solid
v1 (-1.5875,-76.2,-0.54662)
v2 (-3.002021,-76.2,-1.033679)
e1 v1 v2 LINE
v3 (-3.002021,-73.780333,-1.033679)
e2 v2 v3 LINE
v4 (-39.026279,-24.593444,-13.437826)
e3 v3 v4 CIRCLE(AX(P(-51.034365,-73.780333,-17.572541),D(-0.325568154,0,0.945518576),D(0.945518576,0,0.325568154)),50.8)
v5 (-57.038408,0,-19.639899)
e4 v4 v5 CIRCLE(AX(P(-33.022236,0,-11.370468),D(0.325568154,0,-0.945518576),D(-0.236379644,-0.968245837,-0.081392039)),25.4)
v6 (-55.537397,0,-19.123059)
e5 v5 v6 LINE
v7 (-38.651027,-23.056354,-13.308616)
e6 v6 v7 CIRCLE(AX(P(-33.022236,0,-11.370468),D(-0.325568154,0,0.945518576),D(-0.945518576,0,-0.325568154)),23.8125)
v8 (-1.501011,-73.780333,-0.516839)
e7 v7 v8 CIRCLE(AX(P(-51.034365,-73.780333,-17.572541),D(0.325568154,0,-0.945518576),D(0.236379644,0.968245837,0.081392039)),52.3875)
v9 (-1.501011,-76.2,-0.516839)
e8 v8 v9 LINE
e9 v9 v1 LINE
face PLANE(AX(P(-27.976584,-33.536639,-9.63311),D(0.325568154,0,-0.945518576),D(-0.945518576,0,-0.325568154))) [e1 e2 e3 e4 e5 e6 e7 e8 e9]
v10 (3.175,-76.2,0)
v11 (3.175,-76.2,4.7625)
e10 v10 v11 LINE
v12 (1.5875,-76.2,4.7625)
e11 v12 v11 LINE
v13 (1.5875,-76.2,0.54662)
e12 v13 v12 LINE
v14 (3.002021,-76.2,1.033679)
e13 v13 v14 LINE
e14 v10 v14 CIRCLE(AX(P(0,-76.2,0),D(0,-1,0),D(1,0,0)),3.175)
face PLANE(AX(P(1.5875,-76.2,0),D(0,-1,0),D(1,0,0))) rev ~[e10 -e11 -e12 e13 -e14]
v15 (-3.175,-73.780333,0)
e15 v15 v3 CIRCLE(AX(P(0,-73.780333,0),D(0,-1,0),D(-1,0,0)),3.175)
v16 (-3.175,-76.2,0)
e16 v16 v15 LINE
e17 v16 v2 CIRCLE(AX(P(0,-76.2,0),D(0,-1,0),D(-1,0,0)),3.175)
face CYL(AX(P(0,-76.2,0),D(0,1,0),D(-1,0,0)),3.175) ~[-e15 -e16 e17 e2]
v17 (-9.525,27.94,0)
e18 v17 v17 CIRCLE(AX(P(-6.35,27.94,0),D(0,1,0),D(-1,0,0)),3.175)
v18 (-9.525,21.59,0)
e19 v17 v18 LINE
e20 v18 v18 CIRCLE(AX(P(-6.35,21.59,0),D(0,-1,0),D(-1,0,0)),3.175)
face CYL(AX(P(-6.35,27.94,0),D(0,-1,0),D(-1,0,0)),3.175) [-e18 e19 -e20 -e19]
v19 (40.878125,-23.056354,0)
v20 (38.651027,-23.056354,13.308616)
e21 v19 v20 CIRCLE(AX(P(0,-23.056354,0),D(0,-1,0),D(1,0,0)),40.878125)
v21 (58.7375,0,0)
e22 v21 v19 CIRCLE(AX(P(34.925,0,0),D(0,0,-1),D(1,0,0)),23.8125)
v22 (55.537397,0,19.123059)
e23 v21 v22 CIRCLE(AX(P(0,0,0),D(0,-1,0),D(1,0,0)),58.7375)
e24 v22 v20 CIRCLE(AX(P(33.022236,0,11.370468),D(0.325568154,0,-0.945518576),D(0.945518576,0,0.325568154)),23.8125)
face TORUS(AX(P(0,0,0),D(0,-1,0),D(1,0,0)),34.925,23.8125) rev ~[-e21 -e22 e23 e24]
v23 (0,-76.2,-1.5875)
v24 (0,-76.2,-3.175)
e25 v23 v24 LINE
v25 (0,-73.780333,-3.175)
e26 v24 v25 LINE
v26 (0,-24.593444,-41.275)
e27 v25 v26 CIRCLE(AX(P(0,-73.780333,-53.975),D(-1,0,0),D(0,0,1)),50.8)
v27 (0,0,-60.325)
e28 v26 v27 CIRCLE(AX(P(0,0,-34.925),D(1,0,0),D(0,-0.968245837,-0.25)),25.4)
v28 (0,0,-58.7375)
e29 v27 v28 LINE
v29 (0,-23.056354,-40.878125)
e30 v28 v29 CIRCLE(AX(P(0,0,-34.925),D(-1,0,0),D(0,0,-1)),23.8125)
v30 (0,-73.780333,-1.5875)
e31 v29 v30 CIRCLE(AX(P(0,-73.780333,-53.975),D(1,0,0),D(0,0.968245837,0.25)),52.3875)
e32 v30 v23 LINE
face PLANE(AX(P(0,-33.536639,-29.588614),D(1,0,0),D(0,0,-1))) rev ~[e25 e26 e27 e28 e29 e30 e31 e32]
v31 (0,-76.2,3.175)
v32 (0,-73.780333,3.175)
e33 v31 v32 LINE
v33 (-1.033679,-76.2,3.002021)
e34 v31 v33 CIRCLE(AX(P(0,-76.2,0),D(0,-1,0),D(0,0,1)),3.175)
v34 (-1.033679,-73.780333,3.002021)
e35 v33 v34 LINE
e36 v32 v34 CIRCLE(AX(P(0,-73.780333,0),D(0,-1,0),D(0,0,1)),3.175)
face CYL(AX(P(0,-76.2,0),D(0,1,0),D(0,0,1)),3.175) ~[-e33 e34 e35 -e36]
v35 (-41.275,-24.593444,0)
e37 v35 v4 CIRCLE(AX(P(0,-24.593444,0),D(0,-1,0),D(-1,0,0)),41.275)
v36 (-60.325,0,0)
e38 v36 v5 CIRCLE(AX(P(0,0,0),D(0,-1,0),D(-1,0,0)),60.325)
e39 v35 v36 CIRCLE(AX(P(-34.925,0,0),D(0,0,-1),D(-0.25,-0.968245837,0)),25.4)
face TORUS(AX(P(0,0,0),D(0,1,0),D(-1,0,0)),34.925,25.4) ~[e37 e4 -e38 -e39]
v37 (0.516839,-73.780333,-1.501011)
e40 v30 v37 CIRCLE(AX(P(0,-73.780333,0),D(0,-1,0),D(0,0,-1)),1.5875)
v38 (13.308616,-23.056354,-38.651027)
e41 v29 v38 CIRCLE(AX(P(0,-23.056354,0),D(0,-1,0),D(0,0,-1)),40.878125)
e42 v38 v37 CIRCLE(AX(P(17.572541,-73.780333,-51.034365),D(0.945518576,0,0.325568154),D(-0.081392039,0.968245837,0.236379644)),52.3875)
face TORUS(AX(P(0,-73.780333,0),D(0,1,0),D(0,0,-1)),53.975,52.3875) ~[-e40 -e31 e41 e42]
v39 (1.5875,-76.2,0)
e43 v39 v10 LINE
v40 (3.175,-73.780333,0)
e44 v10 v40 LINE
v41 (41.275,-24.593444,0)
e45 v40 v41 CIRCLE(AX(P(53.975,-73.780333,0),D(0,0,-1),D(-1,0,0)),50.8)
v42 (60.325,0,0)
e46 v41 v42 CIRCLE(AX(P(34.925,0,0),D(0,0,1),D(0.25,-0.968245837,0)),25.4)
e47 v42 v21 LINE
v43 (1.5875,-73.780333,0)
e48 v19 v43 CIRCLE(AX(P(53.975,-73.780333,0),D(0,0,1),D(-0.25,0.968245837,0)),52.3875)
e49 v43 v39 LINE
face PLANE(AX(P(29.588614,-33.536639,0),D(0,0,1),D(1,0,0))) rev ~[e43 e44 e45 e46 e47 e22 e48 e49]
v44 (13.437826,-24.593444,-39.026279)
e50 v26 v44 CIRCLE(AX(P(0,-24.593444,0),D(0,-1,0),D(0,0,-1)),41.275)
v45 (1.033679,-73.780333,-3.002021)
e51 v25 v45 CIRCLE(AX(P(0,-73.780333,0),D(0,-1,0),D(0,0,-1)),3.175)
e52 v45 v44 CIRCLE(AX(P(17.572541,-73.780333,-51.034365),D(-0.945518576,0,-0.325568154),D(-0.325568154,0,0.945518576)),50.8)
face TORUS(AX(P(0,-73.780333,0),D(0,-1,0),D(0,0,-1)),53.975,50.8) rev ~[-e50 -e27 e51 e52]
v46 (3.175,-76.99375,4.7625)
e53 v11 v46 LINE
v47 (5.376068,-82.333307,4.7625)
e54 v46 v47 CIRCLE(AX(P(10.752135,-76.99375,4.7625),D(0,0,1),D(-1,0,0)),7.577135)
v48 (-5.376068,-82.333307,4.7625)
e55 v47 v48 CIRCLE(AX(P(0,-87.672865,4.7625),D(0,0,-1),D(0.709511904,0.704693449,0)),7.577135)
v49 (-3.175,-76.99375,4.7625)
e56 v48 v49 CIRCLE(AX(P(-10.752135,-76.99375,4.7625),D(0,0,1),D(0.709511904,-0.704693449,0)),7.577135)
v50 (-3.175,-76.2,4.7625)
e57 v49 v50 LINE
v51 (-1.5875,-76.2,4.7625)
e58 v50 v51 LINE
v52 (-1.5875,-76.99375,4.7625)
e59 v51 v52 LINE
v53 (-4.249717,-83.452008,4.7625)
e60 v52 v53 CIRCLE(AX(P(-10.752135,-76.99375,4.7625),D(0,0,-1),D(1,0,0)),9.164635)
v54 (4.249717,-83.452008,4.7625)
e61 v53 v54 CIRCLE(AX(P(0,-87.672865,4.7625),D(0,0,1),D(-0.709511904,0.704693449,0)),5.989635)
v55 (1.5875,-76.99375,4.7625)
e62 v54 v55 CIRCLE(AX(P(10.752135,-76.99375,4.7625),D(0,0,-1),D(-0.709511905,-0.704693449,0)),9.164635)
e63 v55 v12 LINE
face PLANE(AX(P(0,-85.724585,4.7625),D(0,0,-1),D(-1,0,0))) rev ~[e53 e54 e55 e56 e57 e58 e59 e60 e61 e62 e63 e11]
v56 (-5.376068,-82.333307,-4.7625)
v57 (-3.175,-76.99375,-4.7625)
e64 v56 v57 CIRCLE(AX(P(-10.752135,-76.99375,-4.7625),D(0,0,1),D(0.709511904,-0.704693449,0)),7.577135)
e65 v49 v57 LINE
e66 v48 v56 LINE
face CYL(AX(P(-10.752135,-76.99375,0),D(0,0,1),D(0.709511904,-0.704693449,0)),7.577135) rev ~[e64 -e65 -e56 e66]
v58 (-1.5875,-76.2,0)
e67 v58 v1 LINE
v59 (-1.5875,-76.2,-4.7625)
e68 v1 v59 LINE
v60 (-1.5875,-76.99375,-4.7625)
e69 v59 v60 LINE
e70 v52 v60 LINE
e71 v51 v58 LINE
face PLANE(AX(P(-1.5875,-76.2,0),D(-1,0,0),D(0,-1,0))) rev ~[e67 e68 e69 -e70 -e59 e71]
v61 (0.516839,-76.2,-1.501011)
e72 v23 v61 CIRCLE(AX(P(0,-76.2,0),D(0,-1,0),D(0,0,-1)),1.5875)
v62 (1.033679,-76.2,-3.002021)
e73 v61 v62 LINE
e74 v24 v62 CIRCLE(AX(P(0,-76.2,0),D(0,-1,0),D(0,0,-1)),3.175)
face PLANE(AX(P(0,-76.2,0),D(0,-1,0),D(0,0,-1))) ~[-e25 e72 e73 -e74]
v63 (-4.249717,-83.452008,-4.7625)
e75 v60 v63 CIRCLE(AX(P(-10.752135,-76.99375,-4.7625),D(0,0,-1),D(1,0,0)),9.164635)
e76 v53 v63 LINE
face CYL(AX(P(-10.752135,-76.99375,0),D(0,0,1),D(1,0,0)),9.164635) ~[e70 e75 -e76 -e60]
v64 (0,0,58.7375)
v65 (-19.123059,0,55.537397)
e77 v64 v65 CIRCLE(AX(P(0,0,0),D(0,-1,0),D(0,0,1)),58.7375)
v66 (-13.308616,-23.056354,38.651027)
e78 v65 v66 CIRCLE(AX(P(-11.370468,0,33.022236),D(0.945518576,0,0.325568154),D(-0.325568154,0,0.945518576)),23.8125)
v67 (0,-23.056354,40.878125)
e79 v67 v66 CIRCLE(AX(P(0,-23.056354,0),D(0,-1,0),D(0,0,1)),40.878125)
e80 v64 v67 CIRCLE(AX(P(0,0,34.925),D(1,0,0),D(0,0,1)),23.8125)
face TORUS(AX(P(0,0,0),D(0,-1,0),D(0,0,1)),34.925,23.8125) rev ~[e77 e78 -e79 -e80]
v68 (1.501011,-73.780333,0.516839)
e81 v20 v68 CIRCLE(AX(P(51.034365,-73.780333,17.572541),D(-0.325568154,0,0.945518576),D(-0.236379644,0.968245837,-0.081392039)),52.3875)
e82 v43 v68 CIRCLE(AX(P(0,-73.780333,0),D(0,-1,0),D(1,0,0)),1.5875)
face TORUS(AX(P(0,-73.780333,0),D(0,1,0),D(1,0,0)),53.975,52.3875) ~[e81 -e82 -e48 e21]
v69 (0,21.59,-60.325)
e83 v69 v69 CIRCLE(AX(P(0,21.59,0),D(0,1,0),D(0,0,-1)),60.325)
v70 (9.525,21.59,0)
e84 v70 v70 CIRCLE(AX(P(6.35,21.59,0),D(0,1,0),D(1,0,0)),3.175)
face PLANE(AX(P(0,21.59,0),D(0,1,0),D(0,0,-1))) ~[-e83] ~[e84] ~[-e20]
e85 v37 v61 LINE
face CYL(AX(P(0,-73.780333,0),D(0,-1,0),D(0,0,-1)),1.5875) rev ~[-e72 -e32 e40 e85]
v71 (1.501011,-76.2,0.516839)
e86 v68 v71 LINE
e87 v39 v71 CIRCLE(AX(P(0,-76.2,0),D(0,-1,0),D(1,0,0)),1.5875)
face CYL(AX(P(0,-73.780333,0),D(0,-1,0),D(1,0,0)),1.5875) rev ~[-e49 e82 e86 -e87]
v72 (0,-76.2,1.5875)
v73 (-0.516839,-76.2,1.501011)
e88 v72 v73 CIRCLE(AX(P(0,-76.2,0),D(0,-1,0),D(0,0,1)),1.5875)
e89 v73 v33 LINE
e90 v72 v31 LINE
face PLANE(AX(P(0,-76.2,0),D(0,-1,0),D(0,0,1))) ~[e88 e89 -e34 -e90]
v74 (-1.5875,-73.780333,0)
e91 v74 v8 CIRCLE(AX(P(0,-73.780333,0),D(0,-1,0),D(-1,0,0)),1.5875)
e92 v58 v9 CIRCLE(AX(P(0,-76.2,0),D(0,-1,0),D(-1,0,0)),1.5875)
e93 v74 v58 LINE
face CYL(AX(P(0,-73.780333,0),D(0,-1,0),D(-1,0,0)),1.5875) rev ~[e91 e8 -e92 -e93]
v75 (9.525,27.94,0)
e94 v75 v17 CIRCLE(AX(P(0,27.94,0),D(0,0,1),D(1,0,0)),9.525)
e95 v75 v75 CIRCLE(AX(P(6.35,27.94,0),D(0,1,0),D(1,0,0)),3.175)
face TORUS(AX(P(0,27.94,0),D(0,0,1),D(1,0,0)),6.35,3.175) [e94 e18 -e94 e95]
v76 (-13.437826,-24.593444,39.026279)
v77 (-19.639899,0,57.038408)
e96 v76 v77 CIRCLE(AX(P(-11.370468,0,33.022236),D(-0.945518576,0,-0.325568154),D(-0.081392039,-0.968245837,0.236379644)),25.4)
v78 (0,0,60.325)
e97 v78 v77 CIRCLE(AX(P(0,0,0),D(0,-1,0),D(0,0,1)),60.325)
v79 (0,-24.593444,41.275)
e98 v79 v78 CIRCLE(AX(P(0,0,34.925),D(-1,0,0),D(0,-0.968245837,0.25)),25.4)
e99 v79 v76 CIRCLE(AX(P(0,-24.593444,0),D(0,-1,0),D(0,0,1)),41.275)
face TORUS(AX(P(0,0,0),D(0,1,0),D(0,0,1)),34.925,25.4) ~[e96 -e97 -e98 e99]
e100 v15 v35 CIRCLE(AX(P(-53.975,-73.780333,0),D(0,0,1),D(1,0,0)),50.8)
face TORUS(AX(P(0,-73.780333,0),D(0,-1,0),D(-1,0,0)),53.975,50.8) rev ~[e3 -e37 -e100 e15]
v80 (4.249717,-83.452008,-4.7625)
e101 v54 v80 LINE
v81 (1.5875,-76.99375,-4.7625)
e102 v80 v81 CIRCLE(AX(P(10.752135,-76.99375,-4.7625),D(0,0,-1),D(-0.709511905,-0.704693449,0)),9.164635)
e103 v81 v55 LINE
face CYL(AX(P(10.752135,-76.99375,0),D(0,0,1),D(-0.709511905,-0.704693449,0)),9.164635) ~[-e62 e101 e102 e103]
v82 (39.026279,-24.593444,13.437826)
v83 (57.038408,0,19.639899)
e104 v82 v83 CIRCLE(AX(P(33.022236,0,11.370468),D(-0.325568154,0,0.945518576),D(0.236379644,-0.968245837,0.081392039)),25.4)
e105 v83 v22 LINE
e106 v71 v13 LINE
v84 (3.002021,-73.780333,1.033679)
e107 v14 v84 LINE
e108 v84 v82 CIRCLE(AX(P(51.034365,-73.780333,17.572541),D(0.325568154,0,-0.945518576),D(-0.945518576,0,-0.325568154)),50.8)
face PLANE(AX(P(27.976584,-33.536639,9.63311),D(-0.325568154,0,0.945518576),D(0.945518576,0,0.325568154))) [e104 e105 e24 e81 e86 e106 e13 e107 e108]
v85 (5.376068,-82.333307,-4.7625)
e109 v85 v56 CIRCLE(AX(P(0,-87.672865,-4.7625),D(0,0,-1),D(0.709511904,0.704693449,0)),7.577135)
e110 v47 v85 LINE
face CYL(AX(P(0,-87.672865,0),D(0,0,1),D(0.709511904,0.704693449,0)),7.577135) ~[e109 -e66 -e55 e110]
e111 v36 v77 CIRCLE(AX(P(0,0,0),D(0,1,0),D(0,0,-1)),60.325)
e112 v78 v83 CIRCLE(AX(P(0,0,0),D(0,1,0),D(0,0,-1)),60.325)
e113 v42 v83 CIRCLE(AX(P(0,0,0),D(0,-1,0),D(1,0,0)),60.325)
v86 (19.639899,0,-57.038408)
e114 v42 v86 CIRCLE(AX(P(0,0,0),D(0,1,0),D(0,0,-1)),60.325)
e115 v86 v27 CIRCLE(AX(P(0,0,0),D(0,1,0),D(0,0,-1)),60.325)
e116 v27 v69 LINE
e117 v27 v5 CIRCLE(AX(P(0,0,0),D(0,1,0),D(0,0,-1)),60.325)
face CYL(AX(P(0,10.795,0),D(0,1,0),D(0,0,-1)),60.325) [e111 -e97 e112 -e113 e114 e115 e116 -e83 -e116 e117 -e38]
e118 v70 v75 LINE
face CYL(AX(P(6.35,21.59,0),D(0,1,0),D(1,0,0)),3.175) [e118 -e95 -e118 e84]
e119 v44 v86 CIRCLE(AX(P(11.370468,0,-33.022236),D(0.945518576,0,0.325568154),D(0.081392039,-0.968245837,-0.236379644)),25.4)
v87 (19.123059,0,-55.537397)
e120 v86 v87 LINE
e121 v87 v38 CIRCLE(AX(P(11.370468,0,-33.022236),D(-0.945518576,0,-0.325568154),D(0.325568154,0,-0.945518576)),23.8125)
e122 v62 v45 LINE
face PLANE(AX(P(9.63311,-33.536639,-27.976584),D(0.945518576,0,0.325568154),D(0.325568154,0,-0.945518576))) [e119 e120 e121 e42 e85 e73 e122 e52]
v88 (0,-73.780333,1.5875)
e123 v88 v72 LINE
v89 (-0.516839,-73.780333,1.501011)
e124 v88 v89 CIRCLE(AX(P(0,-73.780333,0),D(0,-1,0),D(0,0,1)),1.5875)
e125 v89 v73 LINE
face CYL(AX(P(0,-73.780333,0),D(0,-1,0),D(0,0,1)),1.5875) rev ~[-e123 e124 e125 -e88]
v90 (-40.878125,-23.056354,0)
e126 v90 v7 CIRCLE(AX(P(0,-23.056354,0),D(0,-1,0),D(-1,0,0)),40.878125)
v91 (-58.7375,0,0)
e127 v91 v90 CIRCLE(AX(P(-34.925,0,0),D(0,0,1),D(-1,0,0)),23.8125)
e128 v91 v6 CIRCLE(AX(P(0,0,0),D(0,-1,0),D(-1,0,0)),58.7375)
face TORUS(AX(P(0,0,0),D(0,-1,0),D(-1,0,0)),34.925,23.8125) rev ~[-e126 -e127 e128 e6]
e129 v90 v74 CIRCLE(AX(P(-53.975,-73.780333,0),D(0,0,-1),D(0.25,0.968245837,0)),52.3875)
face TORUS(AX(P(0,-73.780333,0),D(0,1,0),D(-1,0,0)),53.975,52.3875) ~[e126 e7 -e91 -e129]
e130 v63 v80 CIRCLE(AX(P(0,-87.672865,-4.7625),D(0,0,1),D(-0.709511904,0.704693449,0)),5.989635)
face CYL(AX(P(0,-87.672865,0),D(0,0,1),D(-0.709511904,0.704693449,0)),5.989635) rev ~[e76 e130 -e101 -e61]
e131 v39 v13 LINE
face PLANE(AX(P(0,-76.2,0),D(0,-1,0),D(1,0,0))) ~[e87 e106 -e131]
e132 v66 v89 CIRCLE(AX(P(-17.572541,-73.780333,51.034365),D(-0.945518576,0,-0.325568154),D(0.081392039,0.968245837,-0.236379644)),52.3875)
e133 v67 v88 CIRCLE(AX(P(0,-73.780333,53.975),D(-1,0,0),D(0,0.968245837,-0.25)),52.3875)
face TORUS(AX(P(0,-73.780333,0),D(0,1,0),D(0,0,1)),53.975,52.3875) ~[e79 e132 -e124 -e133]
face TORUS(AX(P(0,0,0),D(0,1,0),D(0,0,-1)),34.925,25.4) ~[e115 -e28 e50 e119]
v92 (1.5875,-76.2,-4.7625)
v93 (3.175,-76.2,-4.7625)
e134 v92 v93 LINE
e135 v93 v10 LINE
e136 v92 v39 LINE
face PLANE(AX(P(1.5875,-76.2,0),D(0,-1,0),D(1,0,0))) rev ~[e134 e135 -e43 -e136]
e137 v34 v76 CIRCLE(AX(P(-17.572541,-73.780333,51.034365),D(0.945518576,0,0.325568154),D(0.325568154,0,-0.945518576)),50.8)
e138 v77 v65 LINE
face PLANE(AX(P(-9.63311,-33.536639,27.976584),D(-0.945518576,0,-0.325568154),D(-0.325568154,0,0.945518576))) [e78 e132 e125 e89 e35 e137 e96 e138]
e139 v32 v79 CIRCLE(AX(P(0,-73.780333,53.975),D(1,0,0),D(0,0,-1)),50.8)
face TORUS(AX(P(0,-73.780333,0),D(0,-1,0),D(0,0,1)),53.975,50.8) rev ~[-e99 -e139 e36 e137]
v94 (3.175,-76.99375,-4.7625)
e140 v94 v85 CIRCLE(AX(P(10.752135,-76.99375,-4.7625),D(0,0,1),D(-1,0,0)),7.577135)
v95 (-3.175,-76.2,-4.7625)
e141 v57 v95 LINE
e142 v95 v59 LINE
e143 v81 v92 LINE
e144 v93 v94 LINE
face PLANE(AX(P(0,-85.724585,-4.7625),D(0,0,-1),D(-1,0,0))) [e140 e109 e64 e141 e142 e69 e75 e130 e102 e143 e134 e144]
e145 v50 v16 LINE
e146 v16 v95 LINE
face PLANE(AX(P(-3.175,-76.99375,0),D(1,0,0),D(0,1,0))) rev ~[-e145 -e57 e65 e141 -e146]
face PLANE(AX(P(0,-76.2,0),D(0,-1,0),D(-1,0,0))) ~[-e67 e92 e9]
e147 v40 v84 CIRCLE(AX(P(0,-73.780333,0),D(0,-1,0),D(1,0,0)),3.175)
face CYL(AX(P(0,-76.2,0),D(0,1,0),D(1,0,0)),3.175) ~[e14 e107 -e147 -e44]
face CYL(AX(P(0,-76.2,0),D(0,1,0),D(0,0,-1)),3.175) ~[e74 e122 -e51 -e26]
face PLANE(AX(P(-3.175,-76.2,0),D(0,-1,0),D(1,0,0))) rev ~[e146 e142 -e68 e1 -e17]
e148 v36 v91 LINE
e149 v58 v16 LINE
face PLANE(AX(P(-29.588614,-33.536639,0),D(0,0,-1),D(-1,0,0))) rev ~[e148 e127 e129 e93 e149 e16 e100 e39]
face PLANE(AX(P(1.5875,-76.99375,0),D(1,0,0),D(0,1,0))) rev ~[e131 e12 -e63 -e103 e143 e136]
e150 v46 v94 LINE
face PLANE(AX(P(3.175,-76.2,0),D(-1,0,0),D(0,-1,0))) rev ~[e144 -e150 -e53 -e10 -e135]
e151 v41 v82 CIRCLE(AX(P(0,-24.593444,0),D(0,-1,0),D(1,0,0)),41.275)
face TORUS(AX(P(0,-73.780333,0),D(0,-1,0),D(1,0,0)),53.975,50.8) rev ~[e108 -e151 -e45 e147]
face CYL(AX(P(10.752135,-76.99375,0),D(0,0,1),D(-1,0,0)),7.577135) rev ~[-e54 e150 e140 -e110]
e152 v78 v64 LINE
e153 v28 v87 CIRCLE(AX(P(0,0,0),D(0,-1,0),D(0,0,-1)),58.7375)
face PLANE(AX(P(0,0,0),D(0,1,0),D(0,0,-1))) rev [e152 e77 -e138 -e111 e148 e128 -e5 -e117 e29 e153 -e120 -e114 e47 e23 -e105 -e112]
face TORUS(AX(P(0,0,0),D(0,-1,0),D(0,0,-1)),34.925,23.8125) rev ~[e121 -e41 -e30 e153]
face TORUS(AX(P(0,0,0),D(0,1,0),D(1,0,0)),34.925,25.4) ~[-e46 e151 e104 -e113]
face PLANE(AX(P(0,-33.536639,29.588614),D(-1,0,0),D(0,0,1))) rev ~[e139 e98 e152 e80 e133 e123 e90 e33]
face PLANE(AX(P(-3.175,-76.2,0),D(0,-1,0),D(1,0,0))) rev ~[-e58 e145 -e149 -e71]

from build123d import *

# Parameters (mm, degrees)
SKETCH1_W           = 60.325
SKETCH1_H           = 21.59
REVOLVE2_ANGLE      = 19
CIRPATTERN2_COUNT   = 4
BOSS_EXTRUDE1_DEPTH = 4.7625
SKETCH8_R           = 3.175


with BuildPart() as part:
    # Sketch1 → Revolve1 (revolve)
    with BuildSketch(Plane.XY, mode=Mode.PRIVATE) as revolve1_sk:
        with Locations((30.1625, 10.795)):
            Rectangle(SKETCH1_W, SKETCH1_H)
    revolve(revolve1_sk.sketch.rotate(Axis((0, 0, 0), (0, 1, 0)), 90), axis=Axis((0, 0, 0), (0, 1, 0)))

    # Sketch4 → Revolve2 (revolve)
    with BuildSketch(Plane.XY):
        with BuildLine():
            Line((60.325, 0), (60.325, 6.35))
            Line((60.325, 6.35), (58.7375, 6.35))
            Line((58.7375, 6.35), (58.7375, 0))
            ThreePointArc((58.7375, 0), (53.750434196, -14.582118625), (40.878125, -23.056353983))
            ThreePointArc((40.878125, -23.056353983), (12.559044769, -41.69967177), (1.5875, -73.780332745))
            Line((1.5875, -73.780332745), (1.5875, -76.2))
            Line((1.5875, -76.2), (3.175, -76.2))
            Line((3.175, -76.2), (3.175, -73.780332745))
            ThreePointArc((3.175, -73.780332745), (13.814073716, -42.671813012), (41.275, -24.593444248))
            ThreePointArc((41.275, -24.593444248), (55.005463142, -15.554259867), (60.325, 0))
        make_face()
    revolve2 = revolve(axis=Axis((0, 0, 0), (0, -1, 0)), revolution_arc=REVOLVE2_ANGLE)

    # CirPattern2: Revolve2 ×4 about axis
    cirpattern2_axis = Axis((0, 0, 0), (0, 1, 0))
    for i in range(1, CIRPATTERN2_COUNT):
        add(revolve2.rotate(cirpattern2_axis, i * 360 / CIRPATTERN2_COUNT))

    # Sketch6 → Boss-Extrude1 (add, symmetric)
    with BuildSketch(Plane.XY):
        with BuildLine():
            Line((3.175, -76.2), (3.175, -76.99375))
            ThreePointArc((3.175, -76.99375), (3.746845437, -79.881464155), (5.376067541, -82.333307459))
            ThreePointArc((5.376067541, -82.333307459), (0, -95.25), (-5.376067541, -82.333307459))
            ThreePointArc((-5.376067541, -82.333307459), (-3.746845437, -79.881464155), (-3.175, -76.99375))
            Line((-3.175, -76.99375), (-3.175, -76.2))
            Line((-3.175, -76.2), (-1.5875, -76.2))
            Line((-1.5875, -76.2), (-1.5875, -76.99375))
            ThreePointArc((-1.5875, -76.99375), (-2.279153864, -80.486474647), (-4.249717393, -83.45200831))
            ThreePointArc((-4.249717393, -83.45200831), (0, -93.6625), (4.249717393, -83.45200831))
            ThreePointArc((4.249717393, -83.45200831), (2.279153864, -80.486474647), (1.5875, -76.99375))
            Line((1.5875, -76.99375), (1.5875, -76.2))
            Line((1.5875, -76.2), (3.175, -76.2))
        make_face()
    extrude(amount=BOSS_EXTRUDE1_DEPTH, both=True)

    # Sweep1: sweep along a path in Sketch7
    with BuildLine(Plane.XY) as sweep1_path:
        Line((6.35, 21.59), (6.35, 27.94))
        ThreePointArc((6.35, 27.94), (0, 34.29), (-6.35, 27.94))
        Line((-6.35, 27.94), (-6.35, 21.59))
    # Sketch8 → Sweep1 (sweep)
    with BuildSketch(Plane(origin=(0, 21.59, 0), x_dir=(1, 0, 0), z_dir=(0, 1, 0))):
        with Locations((6.35, 0)):
            Circle(SKETCH8_R)
    sweep(path=sweep1_path.line)


solid = part.part
